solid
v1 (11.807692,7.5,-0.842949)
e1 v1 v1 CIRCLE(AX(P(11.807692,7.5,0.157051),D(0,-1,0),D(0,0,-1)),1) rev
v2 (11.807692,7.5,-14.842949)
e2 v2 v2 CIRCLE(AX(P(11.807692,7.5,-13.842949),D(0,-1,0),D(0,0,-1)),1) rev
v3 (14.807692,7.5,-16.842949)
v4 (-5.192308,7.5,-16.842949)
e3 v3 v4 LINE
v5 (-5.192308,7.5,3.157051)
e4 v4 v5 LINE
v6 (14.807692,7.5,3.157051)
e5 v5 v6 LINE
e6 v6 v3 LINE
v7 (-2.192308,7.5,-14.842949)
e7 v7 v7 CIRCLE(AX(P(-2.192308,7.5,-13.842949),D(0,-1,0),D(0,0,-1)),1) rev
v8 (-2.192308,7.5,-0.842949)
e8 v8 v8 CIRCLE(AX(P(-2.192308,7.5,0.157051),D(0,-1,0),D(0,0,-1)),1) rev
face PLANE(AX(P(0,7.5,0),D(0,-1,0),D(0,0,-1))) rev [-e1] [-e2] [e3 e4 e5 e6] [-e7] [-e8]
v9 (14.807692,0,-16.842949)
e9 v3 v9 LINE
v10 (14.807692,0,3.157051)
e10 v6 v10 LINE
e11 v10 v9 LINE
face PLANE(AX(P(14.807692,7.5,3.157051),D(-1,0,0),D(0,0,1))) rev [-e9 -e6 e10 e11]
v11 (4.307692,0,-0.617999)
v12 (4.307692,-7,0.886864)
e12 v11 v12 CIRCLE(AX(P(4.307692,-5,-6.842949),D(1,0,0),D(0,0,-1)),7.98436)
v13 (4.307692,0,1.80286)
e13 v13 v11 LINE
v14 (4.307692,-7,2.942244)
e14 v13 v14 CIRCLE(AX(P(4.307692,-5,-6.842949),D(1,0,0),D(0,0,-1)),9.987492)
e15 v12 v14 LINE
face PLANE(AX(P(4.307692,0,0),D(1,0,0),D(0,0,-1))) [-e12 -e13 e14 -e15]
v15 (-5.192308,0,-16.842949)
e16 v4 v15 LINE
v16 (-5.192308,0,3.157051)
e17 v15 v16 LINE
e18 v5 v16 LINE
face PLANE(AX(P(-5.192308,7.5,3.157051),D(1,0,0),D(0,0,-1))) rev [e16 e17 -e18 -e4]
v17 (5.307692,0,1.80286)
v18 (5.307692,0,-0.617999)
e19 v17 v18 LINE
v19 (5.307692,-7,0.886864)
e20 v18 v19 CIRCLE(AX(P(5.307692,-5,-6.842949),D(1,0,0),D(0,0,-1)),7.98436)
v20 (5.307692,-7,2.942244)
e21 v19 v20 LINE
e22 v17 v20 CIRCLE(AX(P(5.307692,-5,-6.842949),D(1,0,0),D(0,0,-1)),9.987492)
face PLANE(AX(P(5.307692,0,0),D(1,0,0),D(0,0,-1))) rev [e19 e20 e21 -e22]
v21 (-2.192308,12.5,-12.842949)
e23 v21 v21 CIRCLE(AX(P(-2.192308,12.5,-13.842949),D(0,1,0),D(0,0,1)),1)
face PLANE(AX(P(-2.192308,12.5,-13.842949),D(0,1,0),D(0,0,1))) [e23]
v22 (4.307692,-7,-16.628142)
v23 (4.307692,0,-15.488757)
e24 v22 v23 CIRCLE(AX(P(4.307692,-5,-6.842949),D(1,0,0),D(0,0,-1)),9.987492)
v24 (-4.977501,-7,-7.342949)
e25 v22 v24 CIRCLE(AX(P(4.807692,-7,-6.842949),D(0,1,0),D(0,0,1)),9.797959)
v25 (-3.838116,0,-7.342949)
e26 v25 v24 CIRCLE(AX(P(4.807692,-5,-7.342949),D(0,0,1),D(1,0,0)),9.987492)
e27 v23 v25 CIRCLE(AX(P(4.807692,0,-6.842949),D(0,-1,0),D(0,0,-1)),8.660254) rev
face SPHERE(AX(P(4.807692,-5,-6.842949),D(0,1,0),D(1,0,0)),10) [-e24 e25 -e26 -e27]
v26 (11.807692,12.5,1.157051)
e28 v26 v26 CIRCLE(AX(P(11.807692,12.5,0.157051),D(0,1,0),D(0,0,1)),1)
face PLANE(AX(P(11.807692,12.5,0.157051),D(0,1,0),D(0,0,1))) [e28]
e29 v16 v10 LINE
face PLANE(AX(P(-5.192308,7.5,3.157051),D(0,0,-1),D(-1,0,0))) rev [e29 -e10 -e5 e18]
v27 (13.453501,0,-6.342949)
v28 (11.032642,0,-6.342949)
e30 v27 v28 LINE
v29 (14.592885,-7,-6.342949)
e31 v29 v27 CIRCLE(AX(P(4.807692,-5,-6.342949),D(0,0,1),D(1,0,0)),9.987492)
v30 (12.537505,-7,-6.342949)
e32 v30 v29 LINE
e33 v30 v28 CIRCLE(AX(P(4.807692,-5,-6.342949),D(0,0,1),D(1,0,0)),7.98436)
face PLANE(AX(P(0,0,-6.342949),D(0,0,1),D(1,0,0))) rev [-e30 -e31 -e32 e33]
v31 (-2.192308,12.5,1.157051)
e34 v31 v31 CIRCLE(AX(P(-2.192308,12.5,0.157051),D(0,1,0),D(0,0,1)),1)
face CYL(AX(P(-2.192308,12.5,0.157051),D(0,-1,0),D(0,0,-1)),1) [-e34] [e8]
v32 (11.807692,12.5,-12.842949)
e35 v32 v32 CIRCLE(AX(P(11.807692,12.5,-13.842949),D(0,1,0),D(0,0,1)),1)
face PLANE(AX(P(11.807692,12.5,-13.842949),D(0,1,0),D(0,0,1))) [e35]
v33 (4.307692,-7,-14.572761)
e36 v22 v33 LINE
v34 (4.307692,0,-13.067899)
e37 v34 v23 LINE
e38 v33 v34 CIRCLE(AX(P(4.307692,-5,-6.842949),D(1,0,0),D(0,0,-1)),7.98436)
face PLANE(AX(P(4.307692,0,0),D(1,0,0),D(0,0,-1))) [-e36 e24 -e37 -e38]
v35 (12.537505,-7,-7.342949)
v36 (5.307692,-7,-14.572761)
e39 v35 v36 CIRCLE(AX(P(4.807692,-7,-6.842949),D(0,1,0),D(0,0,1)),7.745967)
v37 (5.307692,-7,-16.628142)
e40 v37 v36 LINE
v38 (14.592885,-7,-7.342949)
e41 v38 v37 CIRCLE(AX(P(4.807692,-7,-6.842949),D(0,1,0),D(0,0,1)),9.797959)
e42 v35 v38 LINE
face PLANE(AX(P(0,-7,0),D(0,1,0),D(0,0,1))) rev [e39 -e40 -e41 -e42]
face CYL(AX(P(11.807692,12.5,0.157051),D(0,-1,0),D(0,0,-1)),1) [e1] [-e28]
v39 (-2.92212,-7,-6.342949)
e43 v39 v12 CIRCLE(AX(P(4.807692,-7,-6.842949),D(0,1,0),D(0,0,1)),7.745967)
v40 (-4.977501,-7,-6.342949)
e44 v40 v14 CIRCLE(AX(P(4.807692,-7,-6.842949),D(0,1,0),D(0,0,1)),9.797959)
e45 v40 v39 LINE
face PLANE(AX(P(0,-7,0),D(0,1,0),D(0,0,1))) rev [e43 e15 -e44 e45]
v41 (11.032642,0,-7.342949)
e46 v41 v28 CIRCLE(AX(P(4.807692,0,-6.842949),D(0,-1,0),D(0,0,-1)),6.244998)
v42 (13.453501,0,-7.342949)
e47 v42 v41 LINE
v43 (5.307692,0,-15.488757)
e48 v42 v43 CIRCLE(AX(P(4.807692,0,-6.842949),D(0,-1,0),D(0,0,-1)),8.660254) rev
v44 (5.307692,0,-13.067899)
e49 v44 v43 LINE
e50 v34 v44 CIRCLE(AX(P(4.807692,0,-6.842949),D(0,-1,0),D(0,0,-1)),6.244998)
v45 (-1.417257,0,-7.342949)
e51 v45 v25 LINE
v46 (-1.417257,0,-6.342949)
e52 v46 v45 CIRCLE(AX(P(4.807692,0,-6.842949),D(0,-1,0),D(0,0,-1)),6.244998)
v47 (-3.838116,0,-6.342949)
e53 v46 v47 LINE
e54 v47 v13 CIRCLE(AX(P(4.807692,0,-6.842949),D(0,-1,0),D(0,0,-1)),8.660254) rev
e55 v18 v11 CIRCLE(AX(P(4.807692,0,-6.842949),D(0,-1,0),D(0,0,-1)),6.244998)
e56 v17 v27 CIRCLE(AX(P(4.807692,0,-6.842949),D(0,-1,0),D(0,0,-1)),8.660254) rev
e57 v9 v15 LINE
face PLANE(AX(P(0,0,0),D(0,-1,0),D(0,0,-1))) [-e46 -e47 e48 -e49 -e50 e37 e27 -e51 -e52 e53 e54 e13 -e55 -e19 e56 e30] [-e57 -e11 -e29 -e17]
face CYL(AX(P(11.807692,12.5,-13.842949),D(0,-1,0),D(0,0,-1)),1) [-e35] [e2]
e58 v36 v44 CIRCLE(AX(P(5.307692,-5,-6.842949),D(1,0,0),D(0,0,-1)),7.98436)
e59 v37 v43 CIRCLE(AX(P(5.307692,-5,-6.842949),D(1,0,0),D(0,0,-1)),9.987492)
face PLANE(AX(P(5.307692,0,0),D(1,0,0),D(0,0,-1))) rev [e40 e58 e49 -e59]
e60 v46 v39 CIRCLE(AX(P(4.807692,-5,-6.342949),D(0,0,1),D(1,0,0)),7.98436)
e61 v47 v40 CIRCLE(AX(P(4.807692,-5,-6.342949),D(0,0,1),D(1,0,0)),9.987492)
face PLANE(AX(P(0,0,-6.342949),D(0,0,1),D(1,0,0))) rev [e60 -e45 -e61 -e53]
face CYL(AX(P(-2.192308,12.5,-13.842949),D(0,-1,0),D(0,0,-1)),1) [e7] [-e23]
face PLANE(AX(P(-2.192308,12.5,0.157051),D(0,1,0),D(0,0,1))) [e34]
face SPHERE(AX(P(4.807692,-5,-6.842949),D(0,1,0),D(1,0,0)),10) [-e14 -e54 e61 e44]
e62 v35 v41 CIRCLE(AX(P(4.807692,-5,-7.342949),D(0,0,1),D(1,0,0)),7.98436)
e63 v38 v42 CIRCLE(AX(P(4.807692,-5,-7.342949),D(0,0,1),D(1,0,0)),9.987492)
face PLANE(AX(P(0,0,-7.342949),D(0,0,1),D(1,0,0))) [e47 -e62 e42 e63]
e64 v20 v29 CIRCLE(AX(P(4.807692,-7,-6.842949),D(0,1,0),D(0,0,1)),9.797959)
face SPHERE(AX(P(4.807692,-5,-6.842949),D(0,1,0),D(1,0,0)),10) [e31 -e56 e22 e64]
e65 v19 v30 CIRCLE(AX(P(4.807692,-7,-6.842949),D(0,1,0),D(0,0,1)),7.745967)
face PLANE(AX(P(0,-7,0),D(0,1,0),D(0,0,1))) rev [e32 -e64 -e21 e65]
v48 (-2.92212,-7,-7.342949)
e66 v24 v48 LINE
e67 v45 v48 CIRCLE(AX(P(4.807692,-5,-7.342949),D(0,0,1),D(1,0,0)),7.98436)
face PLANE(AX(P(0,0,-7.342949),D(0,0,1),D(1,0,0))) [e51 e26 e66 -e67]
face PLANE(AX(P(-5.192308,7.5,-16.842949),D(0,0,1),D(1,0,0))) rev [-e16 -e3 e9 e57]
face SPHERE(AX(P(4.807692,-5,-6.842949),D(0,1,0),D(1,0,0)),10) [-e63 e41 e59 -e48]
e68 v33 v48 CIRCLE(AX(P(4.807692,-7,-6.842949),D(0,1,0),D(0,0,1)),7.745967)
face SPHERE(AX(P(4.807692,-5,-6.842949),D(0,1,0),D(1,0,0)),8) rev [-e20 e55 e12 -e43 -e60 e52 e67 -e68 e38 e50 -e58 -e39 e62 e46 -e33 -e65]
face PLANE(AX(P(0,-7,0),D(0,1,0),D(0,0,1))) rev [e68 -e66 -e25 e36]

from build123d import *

# Parameters (mm, degrees)
SKETCH1_W               = 20
SKETCH1_H               = 20
BOSS_EXTRUDE1_DEPTH     = 7.5
SKETCH6_W               = 20
SKETCH6_H               = 20
CUT_EXTRUDE1_DEPTH      = 8
SKETCH8_R               = 1
BOSS_EXTRUDE3_DEPTH     = 5
CUT_EXTRUDE2_DEPTH      = 0.5
CUT_EXTRUDE2_DEPTH_BACK = 0.5
SKETCH9_W               = 20
SKETCH9_H               = 7
CUT_EXTRUDE3_DEPTH      = 0.5
CUT_EXTRUDE3_DEPTH_BACK = 0.5
SKETCH10_W              = 20
SKETCH10_H              = 7


with BuildPart() as part:
    # Sketch1 → Boss-Extrude1 (new body)
    with BuildSketch(Plane(origin=(0, 0, 0), x_dir=(1, 0, 0), z_dir=(0, 1, 0))):
        with Locations((4.807692308, 6.842948718)):
            Rectangle(SKETCH1_W, SKETCH1_H)
    extrude(amount=BOSS_EXTRUDE1_DEPTH)

    # Sketch3 → Cut-Revolve3 (revolve, cut)
    with BuildSketch(Plane.XY.offset(-6.842948718)):
        with BuildLine():
            ThreePointArc((4.807692308, -13), (12.807692308, -5), (4.807692308, 3))
            Line((4.807692308, 3), (4.807692308, -13))
        make_face()
    revolve(axis=Axis((4.807692308, 5, -6.842948718), (0, -1, 0)), mode=Mode.SUBTRACT)

    # Sketch5 → Revolve7 (revolve)
    with BuildSketch(Plane.XY.offset(-6.842948718)):
        with BuildLine():
            ThreePointArc((4.807692308, -13), (12.807692308, -5), (4.807692308, 3))
            Line((4.807692308, 3), (4.807692308, 5))
            ThreePointArc((4.807692308, 5), (14.807692308, -5), (4.807692308, -15))
            Line((4.807692308, -15), (4.807692308, -13))
        make_face()
    revolve(axis=Axis((4.807692308, 5, -6.842948718), (0, -1, 0)))

    # Sketch6 → Cut-Extrude1 (cut)
    with BuildSketch(Plane(origin=(0, -15, 0), x_dir=(-1, 0, 0), z_dir=(0, -1, 0))):
        with Locations((-4.807692308, 6.842948718)):
            Rectangle(SKETCH6_W, SKETCH6_H)
    extrude(amount=-CUT_EXTRUDE1_DEPTH, mode=Mode.SUBTRACT)

    # Sketch8 → Boss-Extrude3 (add)
    with BuildSketch(Plane(origin=(0, 7.5, 0), x_dir=(1, 0, 0), z_dir=(0, 1, 0))):
        with Locations(Location((-2.192307692, -0.157051282, 0), (0, 0, 90))):
            Circle(SKETCH8_R)
        with Locations(Location((-2.192307692, 13.842948718, 0), (0, 0, 90))):
            Circle(SKETCH8_R)
        with Locations(Location((11.807692308, -0.157051282, 0), (0, 0, 90))):
            Circle(SKETCH8_R)
        with Locations(Location((11.807692308, 13.842948718, 0), (0, 0, 90))):
            Circle(SKETCH8_R)
    extrude(amount=BOSS_EXTRUDE3_DEPTH)

    # Sketch9 → Cut-Extrude2 (cut, two sides: drawn at the far end of the back side and taken through both)
    with BuildSketch(Plane.XY.offset(-6.842948718).offset(-CUT_EXTRUDE2_DEPTH_BACK)):
        with Locations((4.807692308, -3.5)):
            Rectangle(SKETCH9_W, SKETCH9_H)
    extrude(amount=CUT_EXTRUDE2_DEPTH + CUT_EXTRUDE2_DEPTH_BACK, mode=Mode.SUBTRACT)


with BuildPart() as cut_extrude2_kept_piece:
    # of the separate pieces the step leaves, the one the design keeps (cut_extrude2_pieces_kept)
    add(part.part.solids().sort_by_distance((-5.192307692, 0, 3.157051282))[0])

    # Sketch10 → Cut-Extrude3 (cut, two sides: drawn at the far end of the back side and taken through both)
    with BuildSketch(Plane.ZY.offset(-4.807692308).offset(-CUT_EXTRUDE3_DEPTH_BACK)):
        with Locations((-6.842948718, -3.5)):
            Rectangle(SKETCH10_W, SKETCH10_H)
    extrude(amount=CUT_EXTRUDE3_DEPTH + CUT_EXTRUDE3_DEPTH_BACK, mode=Mode.SUBTRACT)


with BuildPart() as cut_extrude3_kept_piece:
    # of the separate pieces the step leaves, the one the design keeps (cut_extrude3_pieces_kept)
    add(cut_extrude2_kept_piece.part.solids().sort_by_distance((-5.192307692, 0, 3.157051282))[0])


solid = cut_extrude3_kept_piece.part
